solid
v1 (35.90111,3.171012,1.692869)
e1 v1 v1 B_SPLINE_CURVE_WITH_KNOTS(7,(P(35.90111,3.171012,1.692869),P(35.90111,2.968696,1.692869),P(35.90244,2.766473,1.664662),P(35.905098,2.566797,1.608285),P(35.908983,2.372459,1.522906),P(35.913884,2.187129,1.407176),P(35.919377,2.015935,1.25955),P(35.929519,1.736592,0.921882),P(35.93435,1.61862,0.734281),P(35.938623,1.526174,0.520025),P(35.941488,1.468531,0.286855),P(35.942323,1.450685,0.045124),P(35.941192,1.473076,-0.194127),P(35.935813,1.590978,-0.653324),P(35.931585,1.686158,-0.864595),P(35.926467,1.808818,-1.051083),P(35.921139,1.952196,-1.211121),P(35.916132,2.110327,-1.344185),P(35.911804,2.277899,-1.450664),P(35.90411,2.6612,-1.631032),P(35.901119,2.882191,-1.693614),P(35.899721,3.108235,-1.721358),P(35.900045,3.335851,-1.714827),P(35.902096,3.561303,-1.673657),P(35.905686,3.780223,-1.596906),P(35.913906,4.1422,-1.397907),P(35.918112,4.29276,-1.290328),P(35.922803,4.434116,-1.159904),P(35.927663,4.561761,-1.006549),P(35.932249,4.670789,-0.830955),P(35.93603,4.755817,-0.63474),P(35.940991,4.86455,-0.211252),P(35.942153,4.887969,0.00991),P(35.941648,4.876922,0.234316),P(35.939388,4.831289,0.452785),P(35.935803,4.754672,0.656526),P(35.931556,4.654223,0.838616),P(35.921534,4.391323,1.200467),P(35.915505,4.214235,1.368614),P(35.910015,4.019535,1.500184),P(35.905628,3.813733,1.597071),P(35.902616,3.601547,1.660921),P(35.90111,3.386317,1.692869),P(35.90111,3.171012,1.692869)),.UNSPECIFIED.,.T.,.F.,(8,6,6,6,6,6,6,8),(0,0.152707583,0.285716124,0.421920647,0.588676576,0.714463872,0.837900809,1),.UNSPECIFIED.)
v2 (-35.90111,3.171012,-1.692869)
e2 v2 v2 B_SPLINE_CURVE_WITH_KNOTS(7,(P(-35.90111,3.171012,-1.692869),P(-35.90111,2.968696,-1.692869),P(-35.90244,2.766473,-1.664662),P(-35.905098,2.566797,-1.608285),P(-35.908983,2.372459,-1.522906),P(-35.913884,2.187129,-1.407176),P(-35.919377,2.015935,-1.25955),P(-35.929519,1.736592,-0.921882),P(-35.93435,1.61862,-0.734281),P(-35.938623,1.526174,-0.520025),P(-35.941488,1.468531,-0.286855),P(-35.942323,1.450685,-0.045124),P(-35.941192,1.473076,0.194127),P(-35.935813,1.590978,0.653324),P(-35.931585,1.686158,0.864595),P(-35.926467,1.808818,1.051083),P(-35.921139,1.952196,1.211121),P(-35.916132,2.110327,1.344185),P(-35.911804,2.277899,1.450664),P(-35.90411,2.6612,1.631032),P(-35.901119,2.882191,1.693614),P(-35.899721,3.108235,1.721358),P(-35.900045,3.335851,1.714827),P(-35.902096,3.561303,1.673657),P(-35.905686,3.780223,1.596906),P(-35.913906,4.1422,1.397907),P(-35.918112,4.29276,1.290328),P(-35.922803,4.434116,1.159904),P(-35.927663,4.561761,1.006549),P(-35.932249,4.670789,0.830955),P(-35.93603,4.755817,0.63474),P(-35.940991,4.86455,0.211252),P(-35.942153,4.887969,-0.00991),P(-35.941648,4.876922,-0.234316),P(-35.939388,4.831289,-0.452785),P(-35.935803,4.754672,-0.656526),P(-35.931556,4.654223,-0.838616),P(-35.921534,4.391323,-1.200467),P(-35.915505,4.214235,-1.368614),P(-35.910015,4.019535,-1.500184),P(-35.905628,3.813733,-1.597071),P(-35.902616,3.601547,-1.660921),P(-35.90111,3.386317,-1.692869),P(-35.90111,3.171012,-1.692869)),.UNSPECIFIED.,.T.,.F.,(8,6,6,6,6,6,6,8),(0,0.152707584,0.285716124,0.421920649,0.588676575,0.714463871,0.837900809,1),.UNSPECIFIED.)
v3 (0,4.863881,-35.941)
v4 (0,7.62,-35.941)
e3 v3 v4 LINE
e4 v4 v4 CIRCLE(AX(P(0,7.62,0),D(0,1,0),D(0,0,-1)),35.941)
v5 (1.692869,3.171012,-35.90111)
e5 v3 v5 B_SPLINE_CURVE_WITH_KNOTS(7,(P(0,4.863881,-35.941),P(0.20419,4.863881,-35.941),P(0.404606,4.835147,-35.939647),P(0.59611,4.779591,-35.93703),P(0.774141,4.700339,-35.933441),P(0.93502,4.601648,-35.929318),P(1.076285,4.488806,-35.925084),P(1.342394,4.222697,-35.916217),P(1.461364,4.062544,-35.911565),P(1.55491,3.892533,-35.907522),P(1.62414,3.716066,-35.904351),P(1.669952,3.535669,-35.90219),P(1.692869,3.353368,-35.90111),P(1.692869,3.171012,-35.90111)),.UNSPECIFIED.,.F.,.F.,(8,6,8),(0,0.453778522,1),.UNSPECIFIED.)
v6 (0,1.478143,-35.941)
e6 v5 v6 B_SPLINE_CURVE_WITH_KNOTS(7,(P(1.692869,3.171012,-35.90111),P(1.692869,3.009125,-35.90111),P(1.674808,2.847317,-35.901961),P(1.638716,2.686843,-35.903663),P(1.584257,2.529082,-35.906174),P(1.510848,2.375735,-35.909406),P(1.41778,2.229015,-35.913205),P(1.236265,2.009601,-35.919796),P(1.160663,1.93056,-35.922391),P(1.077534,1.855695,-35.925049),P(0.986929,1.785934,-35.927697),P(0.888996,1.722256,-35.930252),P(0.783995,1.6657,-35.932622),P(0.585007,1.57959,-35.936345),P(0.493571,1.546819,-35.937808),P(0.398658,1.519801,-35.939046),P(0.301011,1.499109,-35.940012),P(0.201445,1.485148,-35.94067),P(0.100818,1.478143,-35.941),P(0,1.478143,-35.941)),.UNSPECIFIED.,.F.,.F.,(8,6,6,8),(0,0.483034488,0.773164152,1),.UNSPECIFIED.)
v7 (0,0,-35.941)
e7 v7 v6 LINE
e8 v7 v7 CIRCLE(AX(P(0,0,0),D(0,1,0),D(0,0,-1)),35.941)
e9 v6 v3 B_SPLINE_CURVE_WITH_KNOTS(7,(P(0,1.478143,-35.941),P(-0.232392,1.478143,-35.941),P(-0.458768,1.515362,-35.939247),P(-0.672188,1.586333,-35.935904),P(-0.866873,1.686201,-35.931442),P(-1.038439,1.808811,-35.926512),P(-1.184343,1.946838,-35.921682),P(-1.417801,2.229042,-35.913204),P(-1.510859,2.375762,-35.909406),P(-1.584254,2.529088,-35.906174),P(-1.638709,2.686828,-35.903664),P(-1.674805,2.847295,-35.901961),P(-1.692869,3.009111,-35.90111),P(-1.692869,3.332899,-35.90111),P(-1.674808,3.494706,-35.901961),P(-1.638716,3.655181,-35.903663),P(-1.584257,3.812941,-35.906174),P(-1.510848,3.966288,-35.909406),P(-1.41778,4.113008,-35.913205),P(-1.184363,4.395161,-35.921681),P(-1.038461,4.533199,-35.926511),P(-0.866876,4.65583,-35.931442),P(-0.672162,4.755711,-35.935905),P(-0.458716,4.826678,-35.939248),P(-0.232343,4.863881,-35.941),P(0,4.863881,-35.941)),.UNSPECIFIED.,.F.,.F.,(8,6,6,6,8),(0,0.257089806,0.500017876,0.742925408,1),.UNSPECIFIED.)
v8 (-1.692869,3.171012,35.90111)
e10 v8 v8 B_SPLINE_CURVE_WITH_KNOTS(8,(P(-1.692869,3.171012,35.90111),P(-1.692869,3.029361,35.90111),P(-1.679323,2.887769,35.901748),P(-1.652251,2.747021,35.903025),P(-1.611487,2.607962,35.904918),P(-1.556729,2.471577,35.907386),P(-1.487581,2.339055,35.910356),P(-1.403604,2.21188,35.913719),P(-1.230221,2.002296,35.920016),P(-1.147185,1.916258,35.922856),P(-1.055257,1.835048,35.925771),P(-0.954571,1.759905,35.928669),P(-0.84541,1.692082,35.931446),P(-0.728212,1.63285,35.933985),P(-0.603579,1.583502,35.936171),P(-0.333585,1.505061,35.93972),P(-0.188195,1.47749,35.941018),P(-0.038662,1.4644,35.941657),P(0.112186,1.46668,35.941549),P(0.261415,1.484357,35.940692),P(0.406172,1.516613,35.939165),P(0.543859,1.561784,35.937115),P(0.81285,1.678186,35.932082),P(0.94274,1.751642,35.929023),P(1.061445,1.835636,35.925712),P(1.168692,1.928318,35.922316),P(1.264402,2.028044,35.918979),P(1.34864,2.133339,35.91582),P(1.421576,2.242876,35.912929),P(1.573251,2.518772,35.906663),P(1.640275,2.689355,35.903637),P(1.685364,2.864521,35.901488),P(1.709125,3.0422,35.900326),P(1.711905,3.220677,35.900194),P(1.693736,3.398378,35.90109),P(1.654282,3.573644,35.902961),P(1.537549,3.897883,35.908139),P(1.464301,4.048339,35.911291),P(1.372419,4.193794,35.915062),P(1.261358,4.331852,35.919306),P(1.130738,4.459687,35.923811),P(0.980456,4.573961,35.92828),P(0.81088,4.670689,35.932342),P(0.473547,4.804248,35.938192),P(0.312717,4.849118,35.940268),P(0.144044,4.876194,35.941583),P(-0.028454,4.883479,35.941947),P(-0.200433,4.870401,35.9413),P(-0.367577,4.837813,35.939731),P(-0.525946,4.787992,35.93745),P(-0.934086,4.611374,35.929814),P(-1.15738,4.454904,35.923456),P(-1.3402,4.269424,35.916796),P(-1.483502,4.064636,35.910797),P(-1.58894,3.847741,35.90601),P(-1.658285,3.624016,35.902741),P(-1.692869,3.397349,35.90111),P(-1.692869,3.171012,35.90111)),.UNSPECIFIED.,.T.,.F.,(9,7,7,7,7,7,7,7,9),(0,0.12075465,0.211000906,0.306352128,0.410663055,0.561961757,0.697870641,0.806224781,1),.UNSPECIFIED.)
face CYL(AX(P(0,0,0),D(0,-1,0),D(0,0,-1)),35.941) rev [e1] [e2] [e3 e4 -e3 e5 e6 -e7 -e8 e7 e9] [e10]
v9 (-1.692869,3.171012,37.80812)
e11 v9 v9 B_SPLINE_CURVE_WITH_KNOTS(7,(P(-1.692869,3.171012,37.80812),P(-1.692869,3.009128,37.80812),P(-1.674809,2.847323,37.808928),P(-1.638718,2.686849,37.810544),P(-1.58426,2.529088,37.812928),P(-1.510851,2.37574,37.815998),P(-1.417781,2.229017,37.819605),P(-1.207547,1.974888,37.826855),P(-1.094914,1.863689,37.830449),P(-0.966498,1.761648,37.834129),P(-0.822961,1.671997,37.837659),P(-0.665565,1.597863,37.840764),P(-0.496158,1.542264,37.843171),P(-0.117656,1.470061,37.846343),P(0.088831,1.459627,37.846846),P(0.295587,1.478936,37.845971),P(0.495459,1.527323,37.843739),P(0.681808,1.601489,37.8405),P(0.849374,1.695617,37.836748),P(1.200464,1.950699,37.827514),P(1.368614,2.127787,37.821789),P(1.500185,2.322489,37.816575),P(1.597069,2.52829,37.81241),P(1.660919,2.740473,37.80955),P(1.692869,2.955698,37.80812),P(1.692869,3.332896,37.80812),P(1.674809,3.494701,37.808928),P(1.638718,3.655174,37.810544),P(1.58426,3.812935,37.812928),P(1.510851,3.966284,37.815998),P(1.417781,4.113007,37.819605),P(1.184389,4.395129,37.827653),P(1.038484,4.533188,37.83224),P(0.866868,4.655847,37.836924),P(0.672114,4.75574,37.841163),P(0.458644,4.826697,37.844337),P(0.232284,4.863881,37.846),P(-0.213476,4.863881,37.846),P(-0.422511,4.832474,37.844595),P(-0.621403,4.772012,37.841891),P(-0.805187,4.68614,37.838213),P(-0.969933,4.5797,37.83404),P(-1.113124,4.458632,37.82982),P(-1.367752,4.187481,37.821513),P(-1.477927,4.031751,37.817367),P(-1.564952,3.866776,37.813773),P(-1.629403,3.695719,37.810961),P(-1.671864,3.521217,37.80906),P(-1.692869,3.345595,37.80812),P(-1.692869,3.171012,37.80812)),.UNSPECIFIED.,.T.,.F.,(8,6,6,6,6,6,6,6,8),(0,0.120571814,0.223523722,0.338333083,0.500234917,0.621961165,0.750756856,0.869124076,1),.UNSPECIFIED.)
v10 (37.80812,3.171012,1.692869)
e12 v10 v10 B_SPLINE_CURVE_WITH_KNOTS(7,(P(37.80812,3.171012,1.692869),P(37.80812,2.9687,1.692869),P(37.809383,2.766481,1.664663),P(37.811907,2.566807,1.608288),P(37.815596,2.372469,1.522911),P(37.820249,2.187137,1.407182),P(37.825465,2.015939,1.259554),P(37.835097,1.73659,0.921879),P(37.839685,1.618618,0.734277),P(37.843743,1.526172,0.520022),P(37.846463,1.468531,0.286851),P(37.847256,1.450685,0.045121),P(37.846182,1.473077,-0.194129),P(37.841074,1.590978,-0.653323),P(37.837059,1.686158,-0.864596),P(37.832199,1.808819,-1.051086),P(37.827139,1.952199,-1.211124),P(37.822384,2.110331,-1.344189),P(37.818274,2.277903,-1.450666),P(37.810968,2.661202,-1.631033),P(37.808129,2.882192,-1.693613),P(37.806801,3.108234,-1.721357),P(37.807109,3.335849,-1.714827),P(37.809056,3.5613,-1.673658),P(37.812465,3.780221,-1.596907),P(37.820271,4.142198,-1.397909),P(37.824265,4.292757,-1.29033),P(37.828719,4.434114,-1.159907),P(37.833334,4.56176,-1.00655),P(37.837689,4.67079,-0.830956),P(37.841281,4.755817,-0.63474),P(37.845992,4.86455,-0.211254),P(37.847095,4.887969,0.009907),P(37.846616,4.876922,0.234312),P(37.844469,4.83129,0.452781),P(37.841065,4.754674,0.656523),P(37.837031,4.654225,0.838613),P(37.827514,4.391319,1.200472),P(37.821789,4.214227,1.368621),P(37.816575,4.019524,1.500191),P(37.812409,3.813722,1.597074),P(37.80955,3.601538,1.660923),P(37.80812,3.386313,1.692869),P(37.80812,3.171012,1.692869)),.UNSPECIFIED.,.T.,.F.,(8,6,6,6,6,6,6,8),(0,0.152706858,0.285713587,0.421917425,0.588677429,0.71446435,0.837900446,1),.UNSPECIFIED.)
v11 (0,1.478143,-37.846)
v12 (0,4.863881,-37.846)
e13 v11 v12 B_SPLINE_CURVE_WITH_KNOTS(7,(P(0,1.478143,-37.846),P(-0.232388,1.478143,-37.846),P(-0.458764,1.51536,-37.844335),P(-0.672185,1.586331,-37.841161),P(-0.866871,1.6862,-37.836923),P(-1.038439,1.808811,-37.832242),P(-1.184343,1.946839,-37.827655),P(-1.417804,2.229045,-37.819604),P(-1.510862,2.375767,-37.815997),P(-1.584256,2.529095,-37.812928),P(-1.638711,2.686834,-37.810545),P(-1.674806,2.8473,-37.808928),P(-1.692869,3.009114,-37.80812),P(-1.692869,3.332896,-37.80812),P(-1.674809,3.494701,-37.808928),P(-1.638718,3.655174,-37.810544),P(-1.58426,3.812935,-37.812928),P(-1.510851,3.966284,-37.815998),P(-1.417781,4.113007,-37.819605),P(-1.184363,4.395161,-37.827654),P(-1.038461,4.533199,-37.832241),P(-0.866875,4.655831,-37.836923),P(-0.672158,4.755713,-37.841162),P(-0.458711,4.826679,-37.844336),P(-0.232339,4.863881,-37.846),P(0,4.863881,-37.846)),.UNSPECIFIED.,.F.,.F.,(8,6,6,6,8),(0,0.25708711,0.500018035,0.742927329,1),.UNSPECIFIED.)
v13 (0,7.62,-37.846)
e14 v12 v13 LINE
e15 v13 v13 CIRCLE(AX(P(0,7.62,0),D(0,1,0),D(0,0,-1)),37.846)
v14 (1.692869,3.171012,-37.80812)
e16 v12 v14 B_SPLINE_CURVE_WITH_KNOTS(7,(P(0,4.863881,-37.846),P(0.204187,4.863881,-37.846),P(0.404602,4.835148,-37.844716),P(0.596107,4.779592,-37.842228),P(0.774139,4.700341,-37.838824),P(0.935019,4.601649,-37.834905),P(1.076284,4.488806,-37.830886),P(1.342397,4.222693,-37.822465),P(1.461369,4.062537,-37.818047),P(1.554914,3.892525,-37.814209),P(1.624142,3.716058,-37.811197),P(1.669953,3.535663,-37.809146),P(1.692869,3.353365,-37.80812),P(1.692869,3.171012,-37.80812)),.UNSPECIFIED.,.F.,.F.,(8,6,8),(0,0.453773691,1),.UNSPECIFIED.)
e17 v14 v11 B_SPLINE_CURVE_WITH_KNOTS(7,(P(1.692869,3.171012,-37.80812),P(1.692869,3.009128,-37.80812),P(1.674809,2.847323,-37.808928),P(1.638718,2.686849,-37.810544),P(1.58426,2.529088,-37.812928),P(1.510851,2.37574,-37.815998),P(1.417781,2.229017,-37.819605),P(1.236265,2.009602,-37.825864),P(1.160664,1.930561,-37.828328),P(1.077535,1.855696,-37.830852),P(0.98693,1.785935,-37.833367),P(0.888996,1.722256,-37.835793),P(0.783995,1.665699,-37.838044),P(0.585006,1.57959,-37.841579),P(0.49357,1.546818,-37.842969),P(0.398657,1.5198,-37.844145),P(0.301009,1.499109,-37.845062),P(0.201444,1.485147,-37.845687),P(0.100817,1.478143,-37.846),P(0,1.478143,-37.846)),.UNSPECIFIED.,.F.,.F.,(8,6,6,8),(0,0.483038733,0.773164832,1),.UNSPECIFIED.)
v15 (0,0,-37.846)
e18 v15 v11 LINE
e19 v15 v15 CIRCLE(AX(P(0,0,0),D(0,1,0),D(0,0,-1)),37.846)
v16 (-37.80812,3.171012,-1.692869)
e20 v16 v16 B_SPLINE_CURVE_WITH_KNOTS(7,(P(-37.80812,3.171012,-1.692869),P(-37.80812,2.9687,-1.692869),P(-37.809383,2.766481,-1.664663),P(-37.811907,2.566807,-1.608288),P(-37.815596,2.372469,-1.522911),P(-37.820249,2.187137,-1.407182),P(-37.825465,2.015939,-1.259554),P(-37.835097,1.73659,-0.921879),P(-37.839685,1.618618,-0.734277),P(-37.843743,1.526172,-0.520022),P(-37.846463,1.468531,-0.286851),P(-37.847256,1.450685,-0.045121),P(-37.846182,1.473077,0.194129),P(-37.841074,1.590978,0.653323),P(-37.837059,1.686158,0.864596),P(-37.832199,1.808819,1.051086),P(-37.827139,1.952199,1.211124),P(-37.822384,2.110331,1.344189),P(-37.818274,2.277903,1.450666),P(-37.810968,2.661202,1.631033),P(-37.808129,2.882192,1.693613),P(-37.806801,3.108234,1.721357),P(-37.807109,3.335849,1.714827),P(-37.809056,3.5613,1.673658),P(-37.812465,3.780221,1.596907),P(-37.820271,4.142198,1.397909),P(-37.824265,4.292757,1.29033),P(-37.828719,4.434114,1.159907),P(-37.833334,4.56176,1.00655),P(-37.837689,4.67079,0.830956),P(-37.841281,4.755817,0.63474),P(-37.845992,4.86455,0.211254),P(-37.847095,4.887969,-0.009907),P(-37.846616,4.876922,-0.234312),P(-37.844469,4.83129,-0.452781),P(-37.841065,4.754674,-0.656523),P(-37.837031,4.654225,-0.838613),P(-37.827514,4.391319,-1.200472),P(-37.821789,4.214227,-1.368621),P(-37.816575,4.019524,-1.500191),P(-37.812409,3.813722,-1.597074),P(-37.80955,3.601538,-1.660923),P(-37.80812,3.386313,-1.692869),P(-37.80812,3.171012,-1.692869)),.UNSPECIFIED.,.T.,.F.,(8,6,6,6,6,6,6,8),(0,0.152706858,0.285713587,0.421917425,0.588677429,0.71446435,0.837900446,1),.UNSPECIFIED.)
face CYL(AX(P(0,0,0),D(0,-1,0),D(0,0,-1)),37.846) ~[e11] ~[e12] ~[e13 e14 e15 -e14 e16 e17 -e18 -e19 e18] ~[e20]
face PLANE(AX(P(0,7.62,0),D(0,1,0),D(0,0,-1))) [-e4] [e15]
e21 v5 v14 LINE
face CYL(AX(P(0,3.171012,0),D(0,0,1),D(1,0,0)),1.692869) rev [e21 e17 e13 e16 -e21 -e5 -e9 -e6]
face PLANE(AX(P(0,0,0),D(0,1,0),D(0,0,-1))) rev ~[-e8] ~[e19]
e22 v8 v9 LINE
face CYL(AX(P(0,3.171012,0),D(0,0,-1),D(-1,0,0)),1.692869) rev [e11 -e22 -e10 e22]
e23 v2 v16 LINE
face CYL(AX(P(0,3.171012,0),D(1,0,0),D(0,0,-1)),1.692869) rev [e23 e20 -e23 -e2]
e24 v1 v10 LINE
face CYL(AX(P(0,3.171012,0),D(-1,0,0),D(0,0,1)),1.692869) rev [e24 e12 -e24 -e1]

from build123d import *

# Parameters (mm, degrees)
SKETCH1_R           = 37.846
SKETCH1_R_2         = 35.941
BOSS_EXTRUDE1_DEPTH = 7.62
SKETCH2_R           = 1.692869147
CUT_EXTRUDE1_DEPTH  = 86.62
CIRPATTERN1_COUNT   = 4


with BuildPart() as part:
    # Sketch1 → Boss-Extrude1 (new body)
    with BuildSketch(Plane(origin=(0, 0, 0), x_dir=(1, 0, 0), z_dir=(0, 1, 0))):
        with Locations(Location((0, 0, 0), (0, 0, 90))):
            Circle(SKETCH1_R)
        with Locations(Location((0, 0, 0), (0, 0, 90))):
            Circle(SKETCH1_R_2, mode=Mode.SUBTRACT)
    extrude(amount=BOSS_EXTRUDE1_DEPTH)

    # Sketch2 → Cut-Extrude1 (cut)
    with BuildSketch(Plane.XY):
        with Locations(Location((0, 3.171011831, 0), (0, 0, 180))):
            Circle(SKETCH2_R)
    cut_extrude1 = extrude(amount=CUT_EXTRUDE1_DEPTH, mode=Mode.SUBTRACT)

    # CirPattern1: Cut-Extrude1 ×4 about axis
    cirpattern1_axis = Axis((0, 7.62, 0), (0, -1, 0))
    for i in range(1, CIRPATTERN1_COUNT):
        add(cut_extrude1.rotate(cirpattern1_axis, i * 360 / CIRPATTERN1_COUNT), mode=Mode.SUBTRACT)


solid = part.part
